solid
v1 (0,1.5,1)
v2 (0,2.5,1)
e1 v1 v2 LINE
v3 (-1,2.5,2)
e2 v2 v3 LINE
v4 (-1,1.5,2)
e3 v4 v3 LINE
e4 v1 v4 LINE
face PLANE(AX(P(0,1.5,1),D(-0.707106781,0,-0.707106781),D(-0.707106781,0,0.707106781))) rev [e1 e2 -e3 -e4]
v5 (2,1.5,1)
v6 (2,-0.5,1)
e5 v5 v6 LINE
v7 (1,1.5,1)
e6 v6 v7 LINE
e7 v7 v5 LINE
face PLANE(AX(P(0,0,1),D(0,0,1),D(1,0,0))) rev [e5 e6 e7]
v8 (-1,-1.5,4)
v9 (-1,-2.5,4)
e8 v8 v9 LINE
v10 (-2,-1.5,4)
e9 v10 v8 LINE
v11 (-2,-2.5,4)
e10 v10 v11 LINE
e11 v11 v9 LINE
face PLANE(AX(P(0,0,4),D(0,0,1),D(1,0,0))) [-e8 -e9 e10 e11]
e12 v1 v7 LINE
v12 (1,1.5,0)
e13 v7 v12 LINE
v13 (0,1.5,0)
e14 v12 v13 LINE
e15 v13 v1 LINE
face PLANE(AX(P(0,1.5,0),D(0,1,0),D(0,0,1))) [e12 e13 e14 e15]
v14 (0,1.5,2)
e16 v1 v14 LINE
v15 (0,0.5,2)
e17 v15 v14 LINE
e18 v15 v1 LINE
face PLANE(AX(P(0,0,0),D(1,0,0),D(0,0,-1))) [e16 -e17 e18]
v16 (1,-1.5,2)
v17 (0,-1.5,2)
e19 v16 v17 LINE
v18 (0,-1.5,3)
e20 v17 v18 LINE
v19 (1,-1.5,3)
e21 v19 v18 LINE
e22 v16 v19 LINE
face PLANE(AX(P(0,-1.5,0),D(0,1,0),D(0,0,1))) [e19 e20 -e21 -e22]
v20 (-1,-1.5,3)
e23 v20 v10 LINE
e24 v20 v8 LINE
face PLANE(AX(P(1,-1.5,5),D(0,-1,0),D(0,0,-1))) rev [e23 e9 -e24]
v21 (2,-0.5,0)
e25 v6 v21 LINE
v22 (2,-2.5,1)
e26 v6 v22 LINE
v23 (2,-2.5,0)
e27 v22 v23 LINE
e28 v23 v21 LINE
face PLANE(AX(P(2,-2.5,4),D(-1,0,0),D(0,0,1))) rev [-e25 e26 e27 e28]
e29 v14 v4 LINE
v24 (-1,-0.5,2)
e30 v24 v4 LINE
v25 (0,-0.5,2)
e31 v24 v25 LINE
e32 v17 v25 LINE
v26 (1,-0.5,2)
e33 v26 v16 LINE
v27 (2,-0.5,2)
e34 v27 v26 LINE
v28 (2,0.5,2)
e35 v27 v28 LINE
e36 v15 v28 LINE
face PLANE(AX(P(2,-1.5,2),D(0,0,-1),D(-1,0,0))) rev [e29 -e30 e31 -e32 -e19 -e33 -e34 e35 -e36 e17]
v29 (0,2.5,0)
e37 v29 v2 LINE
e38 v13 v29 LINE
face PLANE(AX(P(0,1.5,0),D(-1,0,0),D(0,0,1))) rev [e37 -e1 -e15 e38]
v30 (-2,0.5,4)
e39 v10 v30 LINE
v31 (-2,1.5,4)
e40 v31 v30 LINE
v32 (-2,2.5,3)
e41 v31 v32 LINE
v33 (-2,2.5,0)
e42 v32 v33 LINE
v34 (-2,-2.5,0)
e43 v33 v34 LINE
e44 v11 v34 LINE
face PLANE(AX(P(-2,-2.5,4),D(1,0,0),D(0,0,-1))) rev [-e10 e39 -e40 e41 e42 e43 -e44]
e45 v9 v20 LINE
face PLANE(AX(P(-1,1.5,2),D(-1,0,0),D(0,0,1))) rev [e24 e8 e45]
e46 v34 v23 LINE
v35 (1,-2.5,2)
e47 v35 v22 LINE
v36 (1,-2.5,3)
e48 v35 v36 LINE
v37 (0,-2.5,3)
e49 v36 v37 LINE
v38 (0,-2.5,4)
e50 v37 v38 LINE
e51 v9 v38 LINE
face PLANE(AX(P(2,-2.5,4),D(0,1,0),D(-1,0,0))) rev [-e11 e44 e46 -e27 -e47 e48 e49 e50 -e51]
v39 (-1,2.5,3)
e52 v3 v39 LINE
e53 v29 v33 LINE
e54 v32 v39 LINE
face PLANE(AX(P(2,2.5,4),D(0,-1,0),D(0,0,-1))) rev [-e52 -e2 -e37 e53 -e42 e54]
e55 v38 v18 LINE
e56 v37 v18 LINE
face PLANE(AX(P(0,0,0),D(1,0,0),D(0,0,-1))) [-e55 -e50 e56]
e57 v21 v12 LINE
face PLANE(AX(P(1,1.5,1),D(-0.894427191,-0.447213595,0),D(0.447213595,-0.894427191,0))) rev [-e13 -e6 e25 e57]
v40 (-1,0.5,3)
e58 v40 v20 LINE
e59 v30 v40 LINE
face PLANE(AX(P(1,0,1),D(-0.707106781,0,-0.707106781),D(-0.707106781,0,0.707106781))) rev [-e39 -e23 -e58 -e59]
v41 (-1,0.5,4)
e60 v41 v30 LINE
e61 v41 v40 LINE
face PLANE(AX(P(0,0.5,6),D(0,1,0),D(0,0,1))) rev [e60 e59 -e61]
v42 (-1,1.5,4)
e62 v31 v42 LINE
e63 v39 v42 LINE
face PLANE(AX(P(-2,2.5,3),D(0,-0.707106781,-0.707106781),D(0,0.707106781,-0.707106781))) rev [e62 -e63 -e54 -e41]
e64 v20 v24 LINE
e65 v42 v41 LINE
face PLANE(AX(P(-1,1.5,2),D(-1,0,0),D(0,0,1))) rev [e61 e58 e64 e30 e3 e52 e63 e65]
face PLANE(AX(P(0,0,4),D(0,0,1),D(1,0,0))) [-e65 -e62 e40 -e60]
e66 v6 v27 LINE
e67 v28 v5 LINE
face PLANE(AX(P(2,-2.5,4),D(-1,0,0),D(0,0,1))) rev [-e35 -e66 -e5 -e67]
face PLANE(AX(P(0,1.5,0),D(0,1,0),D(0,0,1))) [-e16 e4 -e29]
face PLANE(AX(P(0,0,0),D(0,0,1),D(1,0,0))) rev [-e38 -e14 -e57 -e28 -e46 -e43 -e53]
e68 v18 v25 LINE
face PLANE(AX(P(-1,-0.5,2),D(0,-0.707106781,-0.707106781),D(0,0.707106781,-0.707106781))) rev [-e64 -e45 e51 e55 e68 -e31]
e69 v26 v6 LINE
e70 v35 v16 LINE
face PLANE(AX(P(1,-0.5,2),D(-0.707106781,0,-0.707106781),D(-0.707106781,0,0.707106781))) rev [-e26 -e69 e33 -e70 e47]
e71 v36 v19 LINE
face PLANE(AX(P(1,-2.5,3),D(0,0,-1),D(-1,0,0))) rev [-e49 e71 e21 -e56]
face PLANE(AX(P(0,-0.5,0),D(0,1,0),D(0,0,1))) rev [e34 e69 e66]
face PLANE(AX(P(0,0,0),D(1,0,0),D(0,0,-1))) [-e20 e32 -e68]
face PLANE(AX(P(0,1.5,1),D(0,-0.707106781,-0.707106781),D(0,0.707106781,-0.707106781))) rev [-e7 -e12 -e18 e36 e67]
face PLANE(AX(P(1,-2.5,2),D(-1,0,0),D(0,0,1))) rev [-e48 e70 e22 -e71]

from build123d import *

# Parameters (mm, degrees)
SKETCH1_W           = 4
SKETCH1_H           = 5
BOSS_EXTRUDE1_DEPTH = 4
CUT_EXTRUDE1_DEPTH  = 5
CUT_EXTRUDE2_DEPTH  = 1
CUT_EXTRUDE3_DEPTH  = 1
CUT_EXTRUDE4_DEPTH  = 2
SKETCH6_W           = 2
SKETCH6_H           = 2
CUT_EXTRUDE5_DEPTH  = 4
CUT_EXTRUDE6_DEPTH  = 2
CUT_EXTRUDE7_DEPTH  = 1
CUT_EXTRUDE8_DEPTH  = 2
SKETCH12_W          = 1.414213562
SKETCH12_H          = 2
CUT_EXTRUDE9_DEPTH  = 3.828427125


with BuildPart() as part:
    # Sketch1 → Boss-Extrude1 (new body)
    with BuildSketch(Plane.XY):
        Rectangle(SKETCH1_W, SKETCH1_H)
    extrude(amount=BOSS_EXTRUDE1_DEPTH)

    # Sketch2 → Cut-Extrude1 (cut, through all)
    with BuildSketch(Plane(origin=(2, 0, 0), x_dir=(0, 0, -1), z_dir=(1, 0, 0))):
        Polygon((-3, 2.5), (-4, 1.5), (-4, 2.5), align=None)
    extrude(amount=-CUT_EXTRUDE1_DEPTH, mode=Mode.SUBTRACT)

    # Sketch3 → Cut-Extrude2 (cut)
    with BuildSketch(Plane(origin=(0, 2.5, 0), x_dir=(1, 0, 0), z_dir=(0, 1, 0))):
        Polygon((2, 0), (0, 0), (0, -1), (-1, -2), (-1, -3), (2, -3), align=None)
    extrude(amount=-CUT_EXTRUDE2_DEPTH, mode=Mode.SUBTRACT)

    # Sketch4 → Cut-Extrude3 (cut)
    with BuildSketch(Plane(origin=(0, 0, 0), x_dir=(-1, 0, 0), z_dir=(0, 0, -1))):
        Polygon((-2, 1.5), (-1, 1.5), (-2, -0.5), align=None)
    extrude(amount=-CUT_EXTRUDE3_DEPTH, mode=Mode.SUBTRACT)

    # Sketch5 → Cut-Extrude4 (cut)
    with BuildSketch(Plane(origin=(2, 0, 0), x_dir=(0, 0, -1), z_dir=(1, 0, 0))):
        Polygon((-1, 1.5), (-2, 0.5), (-2, 1.5), align=None)
    extrude(amount=-CUT_EXTRUDE4_DEPTH, mode=Mode.SUBTRACT)

    # Sketch6 → Cut-Extrude5 (cut)
    with BuildSketch(Plane(origin=(0, 2.5, 0), x_dir=(1, 0, 0), z_dir=(0, 1, 0))):
        with Locations((1, -3)):
            Rectangle(SKETCH6_W, SKETCH6_H)
    extrude(amount=-CUT_EXTRUDE5_DEPTH, mode=Mode.SUBTRACT)

    # Sketch7 → Cut-Extrude6 (cut, through all)
    with BuildSketch(Plane(origin=(0, -1.5, 0), x_dir=(1, 0, 0), z_dir=(0, 1, 0))):
        Polygon((2, -2), (1, -2), (1, -3), (0, -3), (0, -4), (2, -4), align=None)
    extrude(amount=-CUT_EXTRUDE6_DEPTH, mode=Mode.SUBTRACT)

    # Sketch8 → Cut-Extrude7 (cut)
    with BuildSketch(Plane(origin=(0, 0, 0), x_dir=(0, 0, -1), z_dir=(1, 0, 0))):
        Polygon((-2, -0.5), (-4, -2.5), (-4, 2.5), (-2, 2.5), align=None)
    extrude(amount=-CUT_EXTRUDE7_DEPTH, mode=Mode.SUBTRACT)

    # Sketch9 → Cut-Extrude8 (cut)
    with BuildSketch(Plane.XZ.offset(2.5)):
        Polygon((1, 2), (2, 1), (2, 2), align=None)
    extrude(amount=-CUT_EXTRUDE8_DEPTH, mode=Mode.SUBTRACT)

    # Sketch12 → Cut-Extrude9 (cut, through all)
    with BuildSketch(Plane(origin=(1, 0, 1), x_dir=(-0.707106781, 0, 0.707106781), z_dir=(-0.707106781, 0, -0.707106781))):
        with Locations((3.535533906, -0.5)):
            Rectangle(SKETCH12_W, SKETCH12_H)
    extrude(amount=-CUT_EXTRUDE9_DEPTH, mode=Mode.SUBTRACT)


solid = part.part
